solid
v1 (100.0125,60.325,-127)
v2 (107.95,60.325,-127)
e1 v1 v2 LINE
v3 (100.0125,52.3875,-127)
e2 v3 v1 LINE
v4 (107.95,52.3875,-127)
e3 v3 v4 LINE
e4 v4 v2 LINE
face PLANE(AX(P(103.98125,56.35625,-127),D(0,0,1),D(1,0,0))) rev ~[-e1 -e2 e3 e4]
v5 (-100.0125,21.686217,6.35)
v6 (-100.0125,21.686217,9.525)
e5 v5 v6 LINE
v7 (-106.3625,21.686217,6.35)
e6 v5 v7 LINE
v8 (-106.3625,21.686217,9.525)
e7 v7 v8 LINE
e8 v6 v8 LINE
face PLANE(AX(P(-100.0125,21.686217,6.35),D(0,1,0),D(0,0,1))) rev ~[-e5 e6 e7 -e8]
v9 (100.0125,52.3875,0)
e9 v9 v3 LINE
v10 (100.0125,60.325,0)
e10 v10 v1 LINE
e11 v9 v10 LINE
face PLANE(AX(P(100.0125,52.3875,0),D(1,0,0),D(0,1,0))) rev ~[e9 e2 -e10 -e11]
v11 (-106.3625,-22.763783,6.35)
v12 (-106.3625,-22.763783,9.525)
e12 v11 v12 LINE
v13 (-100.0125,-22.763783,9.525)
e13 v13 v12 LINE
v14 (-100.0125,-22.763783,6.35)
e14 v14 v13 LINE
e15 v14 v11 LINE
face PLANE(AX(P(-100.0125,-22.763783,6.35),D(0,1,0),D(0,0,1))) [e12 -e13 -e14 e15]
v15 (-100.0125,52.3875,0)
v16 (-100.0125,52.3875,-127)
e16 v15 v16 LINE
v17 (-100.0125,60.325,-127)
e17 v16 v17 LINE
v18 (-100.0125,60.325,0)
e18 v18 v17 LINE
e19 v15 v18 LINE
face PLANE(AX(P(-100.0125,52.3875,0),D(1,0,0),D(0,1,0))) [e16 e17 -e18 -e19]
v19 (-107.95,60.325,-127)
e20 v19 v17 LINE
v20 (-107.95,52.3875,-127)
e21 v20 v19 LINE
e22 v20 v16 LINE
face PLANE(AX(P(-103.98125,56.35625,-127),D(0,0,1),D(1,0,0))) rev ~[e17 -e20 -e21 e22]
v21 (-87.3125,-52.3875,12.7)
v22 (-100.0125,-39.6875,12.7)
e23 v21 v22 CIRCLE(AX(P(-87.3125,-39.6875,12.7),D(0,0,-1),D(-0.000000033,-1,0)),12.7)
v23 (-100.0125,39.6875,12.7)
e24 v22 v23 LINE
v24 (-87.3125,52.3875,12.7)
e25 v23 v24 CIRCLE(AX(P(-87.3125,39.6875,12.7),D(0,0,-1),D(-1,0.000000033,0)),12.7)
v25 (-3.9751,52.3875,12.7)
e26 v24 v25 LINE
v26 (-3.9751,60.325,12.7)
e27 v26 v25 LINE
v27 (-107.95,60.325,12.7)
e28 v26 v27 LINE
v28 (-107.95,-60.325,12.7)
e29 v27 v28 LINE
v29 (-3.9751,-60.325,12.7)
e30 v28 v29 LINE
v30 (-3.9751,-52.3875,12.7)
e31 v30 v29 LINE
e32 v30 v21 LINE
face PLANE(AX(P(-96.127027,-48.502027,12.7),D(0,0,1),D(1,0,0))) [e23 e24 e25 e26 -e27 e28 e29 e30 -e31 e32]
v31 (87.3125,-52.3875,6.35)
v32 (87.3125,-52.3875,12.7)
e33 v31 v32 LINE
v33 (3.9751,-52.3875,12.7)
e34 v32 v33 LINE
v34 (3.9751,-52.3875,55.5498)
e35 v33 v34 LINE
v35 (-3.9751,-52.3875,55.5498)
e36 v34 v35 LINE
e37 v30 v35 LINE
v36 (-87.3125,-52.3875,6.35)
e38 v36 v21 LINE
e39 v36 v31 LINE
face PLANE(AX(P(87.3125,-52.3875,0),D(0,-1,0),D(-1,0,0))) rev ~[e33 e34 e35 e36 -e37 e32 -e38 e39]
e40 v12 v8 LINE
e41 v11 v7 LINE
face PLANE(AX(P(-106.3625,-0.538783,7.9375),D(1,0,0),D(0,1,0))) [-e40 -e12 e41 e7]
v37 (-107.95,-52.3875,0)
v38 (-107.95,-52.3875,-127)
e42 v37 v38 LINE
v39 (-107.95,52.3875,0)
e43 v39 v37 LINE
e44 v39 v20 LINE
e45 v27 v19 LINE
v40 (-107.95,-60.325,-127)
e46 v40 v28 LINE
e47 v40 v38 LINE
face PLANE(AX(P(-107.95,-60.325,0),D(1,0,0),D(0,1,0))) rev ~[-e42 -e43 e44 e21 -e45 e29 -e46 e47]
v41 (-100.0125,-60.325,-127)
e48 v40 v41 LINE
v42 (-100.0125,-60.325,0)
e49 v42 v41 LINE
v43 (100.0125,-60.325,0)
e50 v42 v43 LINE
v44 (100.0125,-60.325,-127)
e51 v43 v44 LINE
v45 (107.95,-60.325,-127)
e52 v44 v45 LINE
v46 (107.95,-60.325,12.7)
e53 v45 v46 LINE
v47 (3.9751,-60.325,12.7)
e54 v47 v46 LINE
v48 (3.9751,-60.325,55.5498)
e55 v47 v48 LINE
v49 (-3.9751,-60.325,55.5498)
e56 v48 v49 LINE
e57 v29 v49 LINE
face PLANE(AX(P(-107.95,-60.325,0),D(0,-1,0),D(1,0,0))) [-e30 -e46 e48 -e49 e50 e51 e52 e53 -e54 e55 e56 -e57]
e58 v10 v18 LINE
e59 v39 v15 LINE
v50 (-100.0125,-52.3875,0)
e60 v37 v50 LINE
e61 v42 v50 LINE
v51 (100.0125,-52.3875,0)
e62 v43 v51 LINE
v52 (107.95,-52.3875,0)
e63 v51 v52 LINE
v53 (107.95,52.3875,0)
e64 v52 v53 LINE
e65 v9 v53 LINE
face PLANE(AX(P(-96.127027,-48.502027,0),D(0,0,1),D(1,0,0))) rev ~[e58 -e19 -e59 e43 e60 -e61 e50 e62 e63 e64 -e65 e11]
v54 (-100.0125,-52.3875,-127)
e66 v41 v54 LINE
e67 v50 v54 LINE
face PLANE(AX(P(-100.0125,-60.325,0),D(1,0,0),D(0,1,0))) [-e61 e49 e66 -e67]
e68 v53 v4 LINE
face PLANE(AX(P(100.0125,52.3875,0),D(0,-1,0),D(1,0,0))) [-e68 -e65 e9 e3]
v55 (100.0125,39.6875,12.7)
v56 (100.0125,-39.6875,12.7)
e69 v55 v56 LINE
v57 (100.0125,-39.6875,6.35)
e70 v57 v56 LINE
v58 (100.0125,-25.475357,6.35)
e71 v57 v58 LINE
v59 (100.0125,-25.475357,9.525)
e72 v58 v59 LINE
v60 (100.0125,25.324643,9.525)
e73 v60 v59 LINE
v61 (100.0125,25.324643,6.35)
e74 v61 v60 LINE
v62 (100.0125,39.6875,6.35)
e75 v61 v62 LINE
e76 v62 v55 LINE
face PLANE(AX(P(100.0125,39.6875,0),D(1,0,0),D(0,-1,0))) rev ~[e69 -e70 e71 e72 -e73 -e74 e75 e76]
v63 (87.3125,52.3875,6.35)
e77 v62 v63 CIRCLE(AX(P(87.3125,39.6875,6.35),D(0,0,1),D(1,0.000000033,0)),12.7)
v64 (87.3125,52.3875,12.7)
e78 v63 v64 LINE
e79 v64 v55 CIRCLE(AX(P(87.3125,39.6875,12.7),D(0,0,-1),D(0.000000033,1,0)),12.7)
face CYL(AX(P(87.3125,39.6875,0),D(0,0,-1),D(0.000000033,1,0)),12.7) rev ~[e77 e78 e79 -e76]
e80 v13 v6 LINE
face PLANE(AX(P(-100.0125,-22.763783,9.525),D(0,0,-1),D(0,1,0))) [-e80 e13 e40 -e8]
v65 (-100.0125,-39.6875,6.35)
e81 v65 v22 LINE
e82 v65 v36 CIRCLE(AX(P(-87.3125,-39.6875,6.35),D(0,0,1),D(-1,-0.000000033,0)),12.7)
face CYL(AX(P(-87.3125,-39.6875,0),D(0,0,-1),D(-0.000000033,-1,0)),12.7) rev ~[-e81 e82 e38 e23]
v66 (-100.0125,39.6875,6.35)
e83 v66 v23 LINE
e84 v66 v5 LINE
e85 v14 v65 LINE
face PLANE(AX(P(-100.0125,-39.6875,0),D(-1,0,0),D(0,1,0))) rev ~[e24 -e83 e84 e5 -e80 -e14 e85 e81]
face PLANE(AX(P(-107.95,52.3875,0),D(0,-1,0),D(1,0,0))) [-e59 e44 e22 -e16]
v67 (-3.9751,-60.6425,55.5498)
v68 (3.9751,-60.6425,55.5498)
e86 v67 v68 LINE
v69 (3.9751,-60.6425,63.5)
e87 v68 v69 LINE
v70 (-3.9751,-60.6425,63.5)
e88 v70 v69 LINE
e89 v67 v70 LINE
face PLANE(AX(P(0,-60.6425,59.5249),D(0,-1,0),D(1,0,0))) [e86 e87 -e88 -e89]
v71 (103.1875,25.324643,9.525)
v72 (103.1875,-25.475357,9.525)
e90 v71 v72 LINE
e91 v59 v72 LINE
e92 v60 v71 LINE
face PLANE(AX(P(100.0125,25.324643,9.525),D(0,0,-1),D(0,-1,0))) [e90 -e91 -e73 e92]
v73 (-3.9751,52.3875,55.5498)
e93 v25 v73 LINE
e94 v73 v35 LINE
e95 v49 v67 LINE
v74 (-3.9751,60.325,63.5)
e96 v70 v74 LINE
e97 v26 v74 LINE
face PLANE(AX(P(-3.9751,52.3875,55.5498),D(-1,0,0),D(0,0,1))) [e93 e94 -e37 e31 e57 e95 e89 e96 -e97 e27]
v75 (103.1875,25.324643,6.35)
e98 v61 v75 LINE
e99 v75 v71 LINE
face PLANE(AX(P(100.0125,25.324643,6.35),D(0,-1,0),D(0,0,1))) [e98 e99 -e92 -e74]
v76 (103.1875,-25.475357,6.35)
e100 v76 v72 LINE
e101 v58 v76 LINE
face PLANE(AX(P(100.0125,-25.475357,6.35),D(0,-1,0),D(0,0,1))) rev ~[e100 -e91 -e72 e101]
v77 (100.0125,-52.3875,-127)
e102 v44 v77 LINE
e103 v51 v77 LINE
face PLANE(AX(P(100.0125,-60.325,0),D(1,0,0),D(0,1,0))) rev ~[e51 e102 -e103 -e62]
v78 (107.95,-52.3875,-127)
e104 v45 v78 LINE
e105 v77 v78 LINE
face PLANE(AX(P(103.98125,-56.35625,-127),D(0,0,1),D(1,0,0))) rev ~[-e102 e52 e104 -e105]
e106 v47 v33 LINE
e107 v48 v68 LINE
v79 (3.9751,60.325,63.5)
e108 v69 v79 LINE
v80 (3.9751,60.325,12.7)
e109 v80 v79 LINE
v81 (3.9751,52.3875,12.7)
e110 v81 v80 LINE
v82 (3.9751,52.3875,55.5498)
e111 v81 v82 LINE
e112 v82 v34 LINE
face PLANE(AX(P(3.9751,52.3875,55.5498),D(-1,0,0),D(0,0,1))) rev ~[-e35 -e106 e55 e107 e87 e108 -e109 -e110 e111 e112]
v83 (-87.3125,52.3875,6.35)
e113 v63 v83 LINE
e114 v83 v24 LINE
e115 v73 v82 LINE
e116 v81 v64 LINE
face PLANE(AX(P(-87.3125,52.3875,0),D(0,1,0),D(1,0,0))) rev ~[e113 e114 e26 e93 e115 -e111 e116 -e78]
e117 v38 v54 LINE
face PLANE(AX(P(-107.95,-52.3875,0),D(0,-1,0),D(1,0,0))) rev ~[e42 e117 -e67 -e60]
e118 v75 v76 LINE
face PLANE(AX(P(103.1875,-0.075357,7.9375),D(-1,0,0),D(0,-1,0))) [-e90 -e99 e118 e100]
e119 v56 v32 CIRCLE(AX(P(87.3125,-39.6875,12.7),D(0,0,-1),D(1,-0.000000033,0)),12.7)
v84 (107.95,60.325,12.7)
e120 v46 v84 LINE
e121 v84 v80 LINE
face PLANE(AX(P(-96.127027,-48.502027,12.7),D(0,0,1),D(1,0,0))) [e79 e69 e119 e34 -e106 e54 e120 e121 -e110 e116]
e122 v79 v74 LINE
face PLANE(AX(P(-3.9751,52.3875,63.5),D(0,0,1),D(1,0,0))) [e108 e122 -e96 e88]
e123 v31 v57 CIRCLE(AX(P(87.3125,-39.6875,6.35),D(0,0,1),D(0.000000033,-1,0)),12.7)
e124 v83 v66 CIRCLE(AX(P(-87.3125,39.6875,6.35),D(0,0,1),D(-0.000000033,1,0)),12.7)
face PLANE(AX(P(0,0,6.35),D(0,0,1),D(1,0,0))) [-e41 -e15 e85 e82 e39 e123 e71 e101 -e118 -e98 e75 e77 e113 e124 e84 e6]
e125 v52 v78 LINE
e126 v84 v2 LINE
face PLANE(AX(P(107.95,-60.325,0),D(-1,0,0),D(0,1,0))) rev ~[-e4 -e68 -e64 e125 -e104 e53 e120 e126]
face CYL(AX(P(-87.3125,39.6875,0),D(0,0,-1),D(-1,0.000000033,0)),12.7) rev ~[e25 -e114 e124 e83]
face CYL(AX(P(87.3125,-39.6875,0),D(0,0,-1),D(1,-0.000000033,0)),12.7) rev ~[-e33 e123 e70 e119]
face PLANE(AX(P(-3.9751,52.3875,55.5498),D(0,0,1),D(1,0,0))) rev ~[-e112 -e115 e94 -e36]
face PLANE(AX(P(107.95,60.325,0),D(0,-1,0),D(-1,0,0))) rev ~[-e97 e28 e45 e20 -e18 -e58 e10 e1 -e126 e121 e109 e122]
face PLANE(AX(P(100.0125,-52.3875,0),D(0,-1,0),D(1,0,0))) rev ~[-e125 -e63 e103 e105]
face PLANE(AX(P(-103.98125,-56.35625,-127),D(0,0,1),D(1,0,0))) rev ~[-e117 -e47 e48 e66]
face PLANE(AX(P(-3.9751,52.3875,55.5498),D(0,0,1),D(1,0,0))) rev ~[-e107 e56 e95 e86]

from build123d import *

# Parameters (mm, degrees)
F1_DEPTH  = 6.35
F0_W      = 7.9375
F0_H      = 7.9375
F2_DEPTH  = 12.7
F3_DEPTH  = 127
F5_DEPTH  = 50.8
F6_W      = 7.9502
F6_H      = 7.9502
F7_DEPTH  = 113.03
F8_W      = 44.45
F8_H      = 3.175
F9_DEPTH  = 6.35
F10_W     = 50.8
F10_H     = 3.175
F11_DEPTH = 3.175


with BuildPart() as f1:
    # F0 (on Top) → F1 (new body)
    with BuildSketch(Plane.XY):
        with BuildLine():
            ThreePointArc((-100.0125, -39.6875), (-96.292756, -48.667756), (-87.3125, -52.3875))
            Line((-87.3125, -52.3875), (87.3125, -52.3875))
            ThreePointArc((87.3125, -52.3875), (96.292756, -48.667756), (100.0125, -39.6875))
            Line((100.0125, -39.6875), (100.0125, 39.6875))
            ThreePointArc((100.0125, 39.6875), (96.292756, 48.667756), (87.3125, 52.3875))
            Line((87.3125, 52.3875), (-87.3125, 52.3875))
            ThreePointArc((-87.3125, 52.3875), (-96.292756, 48.667756), (-100.0125, 39.6875))
            Line((-100.0125, 39.6875), (-100.0125, -39.6875))
        make_face()
    extrude(amount=F1_DEPTH)

    # F0 (on Top) → F2 (join)
    with BuildSketch(Plane.XY):
        with BuildLine():
            Line((-100.0125, -39.6875), (-100.0125, -52.3875))
            Line((-100.0125, -52.3875), (-87.3125, -52.3875))
            ThreePointArc((-87.3125, -52.3875), (-96.292756, -48.667756), (-100.0125, -39.6875))
        make_face()
        Polygon((-107.95, 52.3875), (-107.95, -52.3875), (-100.0125, -52.3875), (-100.0125, -39.6875), (-100.0125, 39.6875), (-100.0125, 52.3875), align=None)
        Polygon((-100.0125, -52.3875), (-100.0125, -60.325), (100.0125, -60.325), (100.0125, -52.3875), (87.3125, -52.3875), (-87.3125, -52.3875), align=None)
        Polygon((-100.0125, 60.325), (-100.0125, 52.3875), (-87.3125, 52.3875), (87.3125, 52.3875), (100.0125, 52.3875), (100.0125, 60.325), align=None)
        with BuildLine():
            Line((-87.3125, 52.3875), (-100.0125, 52.3875))
            Line((-100.0125, 52.3875), (-100.0125, 39.6875))
            ThreePointArc((-100.0125, 39.6875), (-96.292756, 48.667756), (-87.3125, 52.3875))
        make_face()
        with BuildLine():
            ThreePointArc((87.3125, 52.3875), (96.292756, 48.667756), (100.0125, 39.6875))
            Line((100.0125, 39.6875), (100.0125, 52.3875))
            Line((100.0125, 52.3875), (87.3125, 52.3875))
        make_face()
        Polygon((100.0125, -39.6875), (100.0125, -52.3875), (107.95, -52.3875), (107.95, 52.3875), (100.0125, 52.3875), (100.0125, 39.6875), align=None)
        with BuildLine():
            Line((87.3125, -52.3875), (100.0125, -52.3875))
            Line((100.0125, -52.3875), (100.0125, -39.6875))
            ThreePointArc((100.0125, -39.6875), (96.292756, -48.667756), (87.3125, -52.3875))
        make_face()
        with Locations((103.98125, -56.35625)):
            Rectangle(F0_W, F0_H)
        with Locations((103.98125, 56.35625)):
            Rectangle(F0_W, F0_H)
        with Locations((-103.98125, 56.35625)):
            Rectangle(F0_W, F0_H)
        with Locations((-103.98125, -56.35625)):
            Rectangle(F0_W, F0_H)
    extrude(amount=F2_DEPTH)

    # F0 (on Top) → F3 (join)
    with BuildSketch(Plane.XY):
        with Locations((-103.98125, -56.35625)):
            Rectangle(F0_W, F0_H)
        with Locations((-103.98125, 56.35625)):
            Rectangle(F0_W, F0_H)
        with Locations((103.98125, 56.35625)):
            Rectangle(F0_W, F0_H)
        with Locations((103.98125, -56.35625)):
            Rectangle(F0_W, F0_H)
    extrude(amount=-F3_DEPTH)

    # F4 (on face) → F5 (join)
    with BuildSketch(Plane.XY.offset(12.7)):
        with BuildLine():
            ThreePointArc((0, 60.325), (-3.96875, 56.35625), (0, 52.3875))
            Line((0, 52.3875), (0, 60.325))
        make_face()
        with BuildLine():
            ThreePointArc((0, -52.3875), (-3.96875, -56.35625), (0, -60.325))
            Line((0, -60.325), (0, -52.3875))
        make_face()
        with BuildLine():
            Line((0, -52.3875), (0, -60.325))
            ThreePointArc((0, -60.325), (2.80633, -59.16258), (3.96875, -56.35625))
            ThreePointArc((3.96875, -56.35625), (2.80633, -53.54992), (0, -52.3875))
        make_face()
        with BuildLine():
            Line((-3.9751, -60.325), (0, -60.325))
            ThreePointArc((0, -60.325), (-3.96875, -56.35625), (0, -52.3875))
            Line((0, -52.3875), (-3.9751, -52.3875))
            Line((-3.9751, -52.3875), (-3.9751, -60.325))
        make_face()
        with BuildLine():
            ThreePointArc((3.96875, -56.35625), (2.80633, -59.16258), (0, -60.325))
            Line((0, -60.325), (3.9751, -60.325))
            Line((3.9751, -60.325), (3.9751, -52.3875))
            Line((3.9751, -52.3875), (0, -52.3875))
            ThreePointArc((0, -52.3875), (2.80633, -53.54992), (3.96875, -56.35625))
        make_face()
        with BuildLine():
            ThreePointArc((3.96875, 56.35625), (2.80633, 53.54992), (0, 52.3875))
            Line((0, 52.3875), (3.9751, 52.3875))
            Line((3.9751, 52.3875), (3.9751, 60.325))
            Line((3.9751, 60.325), (0, 60.325))
            ThreePointArc((0, 60.325), (2.80633, 59.16258), (3.96875, 56.35625))
        make_face()
        with BuildLine():
            Line((0, 60.325), (0, 52.3875))
            ThreePointArc((0, 52.3875), (2.80633, 53.54992), (3.96875, 56.35625))
            ThreePointArc((3.96875, 56.35625), (2.80633, 59.16258), (0, 60.325))
        make_face()
        with BuildLine():
            Line((-3.9751, 52.3875), (0, 52.3875))
            ThreePointArc((0, 52.3875), (-3.96875, 56.35625), (0, 60.325))
            Line((0, 60.325), (-3.9751, 60.325))
            Line((-3.9751, 60.325), (-3.9751, 52.3875))
        make_face()
    extrude(amount=F5_DEPTH)

    # F6 (on face) → F7 (join)
    with BuildSketch(Plane.XZ.offset(-52.3875)):
        with Locations((0, 59.5249)):
            Rectangle(F6_W, F6_H)
    extrude(amount=F7_DEPTH)

    # F8 (on face) → F9 (cut)
    with BuildSketch(Plane.YZ.offset(-100.0125)):
        with Locations((-0.538783, 7.9375)):
            Rectangle(F8_W, F8_H)
    extrude(amount=-F9_DEPTH, mode=Mode.SUBTRACT)

    # F10 (on face) → F11 (cut)
    with BuildSketch(Plane(origin=(100.0125, 0, 0), x_dir=(0, -1, 0), z_dir=(-1, 0, 0))):
        with Locations((0.075357, 7.9375)):
            Rectangle(F10_W, F10_H)
    extrude(amount=-F11_DEPTH, mode=Mode.SUBTRACT)


solid = f1.part
